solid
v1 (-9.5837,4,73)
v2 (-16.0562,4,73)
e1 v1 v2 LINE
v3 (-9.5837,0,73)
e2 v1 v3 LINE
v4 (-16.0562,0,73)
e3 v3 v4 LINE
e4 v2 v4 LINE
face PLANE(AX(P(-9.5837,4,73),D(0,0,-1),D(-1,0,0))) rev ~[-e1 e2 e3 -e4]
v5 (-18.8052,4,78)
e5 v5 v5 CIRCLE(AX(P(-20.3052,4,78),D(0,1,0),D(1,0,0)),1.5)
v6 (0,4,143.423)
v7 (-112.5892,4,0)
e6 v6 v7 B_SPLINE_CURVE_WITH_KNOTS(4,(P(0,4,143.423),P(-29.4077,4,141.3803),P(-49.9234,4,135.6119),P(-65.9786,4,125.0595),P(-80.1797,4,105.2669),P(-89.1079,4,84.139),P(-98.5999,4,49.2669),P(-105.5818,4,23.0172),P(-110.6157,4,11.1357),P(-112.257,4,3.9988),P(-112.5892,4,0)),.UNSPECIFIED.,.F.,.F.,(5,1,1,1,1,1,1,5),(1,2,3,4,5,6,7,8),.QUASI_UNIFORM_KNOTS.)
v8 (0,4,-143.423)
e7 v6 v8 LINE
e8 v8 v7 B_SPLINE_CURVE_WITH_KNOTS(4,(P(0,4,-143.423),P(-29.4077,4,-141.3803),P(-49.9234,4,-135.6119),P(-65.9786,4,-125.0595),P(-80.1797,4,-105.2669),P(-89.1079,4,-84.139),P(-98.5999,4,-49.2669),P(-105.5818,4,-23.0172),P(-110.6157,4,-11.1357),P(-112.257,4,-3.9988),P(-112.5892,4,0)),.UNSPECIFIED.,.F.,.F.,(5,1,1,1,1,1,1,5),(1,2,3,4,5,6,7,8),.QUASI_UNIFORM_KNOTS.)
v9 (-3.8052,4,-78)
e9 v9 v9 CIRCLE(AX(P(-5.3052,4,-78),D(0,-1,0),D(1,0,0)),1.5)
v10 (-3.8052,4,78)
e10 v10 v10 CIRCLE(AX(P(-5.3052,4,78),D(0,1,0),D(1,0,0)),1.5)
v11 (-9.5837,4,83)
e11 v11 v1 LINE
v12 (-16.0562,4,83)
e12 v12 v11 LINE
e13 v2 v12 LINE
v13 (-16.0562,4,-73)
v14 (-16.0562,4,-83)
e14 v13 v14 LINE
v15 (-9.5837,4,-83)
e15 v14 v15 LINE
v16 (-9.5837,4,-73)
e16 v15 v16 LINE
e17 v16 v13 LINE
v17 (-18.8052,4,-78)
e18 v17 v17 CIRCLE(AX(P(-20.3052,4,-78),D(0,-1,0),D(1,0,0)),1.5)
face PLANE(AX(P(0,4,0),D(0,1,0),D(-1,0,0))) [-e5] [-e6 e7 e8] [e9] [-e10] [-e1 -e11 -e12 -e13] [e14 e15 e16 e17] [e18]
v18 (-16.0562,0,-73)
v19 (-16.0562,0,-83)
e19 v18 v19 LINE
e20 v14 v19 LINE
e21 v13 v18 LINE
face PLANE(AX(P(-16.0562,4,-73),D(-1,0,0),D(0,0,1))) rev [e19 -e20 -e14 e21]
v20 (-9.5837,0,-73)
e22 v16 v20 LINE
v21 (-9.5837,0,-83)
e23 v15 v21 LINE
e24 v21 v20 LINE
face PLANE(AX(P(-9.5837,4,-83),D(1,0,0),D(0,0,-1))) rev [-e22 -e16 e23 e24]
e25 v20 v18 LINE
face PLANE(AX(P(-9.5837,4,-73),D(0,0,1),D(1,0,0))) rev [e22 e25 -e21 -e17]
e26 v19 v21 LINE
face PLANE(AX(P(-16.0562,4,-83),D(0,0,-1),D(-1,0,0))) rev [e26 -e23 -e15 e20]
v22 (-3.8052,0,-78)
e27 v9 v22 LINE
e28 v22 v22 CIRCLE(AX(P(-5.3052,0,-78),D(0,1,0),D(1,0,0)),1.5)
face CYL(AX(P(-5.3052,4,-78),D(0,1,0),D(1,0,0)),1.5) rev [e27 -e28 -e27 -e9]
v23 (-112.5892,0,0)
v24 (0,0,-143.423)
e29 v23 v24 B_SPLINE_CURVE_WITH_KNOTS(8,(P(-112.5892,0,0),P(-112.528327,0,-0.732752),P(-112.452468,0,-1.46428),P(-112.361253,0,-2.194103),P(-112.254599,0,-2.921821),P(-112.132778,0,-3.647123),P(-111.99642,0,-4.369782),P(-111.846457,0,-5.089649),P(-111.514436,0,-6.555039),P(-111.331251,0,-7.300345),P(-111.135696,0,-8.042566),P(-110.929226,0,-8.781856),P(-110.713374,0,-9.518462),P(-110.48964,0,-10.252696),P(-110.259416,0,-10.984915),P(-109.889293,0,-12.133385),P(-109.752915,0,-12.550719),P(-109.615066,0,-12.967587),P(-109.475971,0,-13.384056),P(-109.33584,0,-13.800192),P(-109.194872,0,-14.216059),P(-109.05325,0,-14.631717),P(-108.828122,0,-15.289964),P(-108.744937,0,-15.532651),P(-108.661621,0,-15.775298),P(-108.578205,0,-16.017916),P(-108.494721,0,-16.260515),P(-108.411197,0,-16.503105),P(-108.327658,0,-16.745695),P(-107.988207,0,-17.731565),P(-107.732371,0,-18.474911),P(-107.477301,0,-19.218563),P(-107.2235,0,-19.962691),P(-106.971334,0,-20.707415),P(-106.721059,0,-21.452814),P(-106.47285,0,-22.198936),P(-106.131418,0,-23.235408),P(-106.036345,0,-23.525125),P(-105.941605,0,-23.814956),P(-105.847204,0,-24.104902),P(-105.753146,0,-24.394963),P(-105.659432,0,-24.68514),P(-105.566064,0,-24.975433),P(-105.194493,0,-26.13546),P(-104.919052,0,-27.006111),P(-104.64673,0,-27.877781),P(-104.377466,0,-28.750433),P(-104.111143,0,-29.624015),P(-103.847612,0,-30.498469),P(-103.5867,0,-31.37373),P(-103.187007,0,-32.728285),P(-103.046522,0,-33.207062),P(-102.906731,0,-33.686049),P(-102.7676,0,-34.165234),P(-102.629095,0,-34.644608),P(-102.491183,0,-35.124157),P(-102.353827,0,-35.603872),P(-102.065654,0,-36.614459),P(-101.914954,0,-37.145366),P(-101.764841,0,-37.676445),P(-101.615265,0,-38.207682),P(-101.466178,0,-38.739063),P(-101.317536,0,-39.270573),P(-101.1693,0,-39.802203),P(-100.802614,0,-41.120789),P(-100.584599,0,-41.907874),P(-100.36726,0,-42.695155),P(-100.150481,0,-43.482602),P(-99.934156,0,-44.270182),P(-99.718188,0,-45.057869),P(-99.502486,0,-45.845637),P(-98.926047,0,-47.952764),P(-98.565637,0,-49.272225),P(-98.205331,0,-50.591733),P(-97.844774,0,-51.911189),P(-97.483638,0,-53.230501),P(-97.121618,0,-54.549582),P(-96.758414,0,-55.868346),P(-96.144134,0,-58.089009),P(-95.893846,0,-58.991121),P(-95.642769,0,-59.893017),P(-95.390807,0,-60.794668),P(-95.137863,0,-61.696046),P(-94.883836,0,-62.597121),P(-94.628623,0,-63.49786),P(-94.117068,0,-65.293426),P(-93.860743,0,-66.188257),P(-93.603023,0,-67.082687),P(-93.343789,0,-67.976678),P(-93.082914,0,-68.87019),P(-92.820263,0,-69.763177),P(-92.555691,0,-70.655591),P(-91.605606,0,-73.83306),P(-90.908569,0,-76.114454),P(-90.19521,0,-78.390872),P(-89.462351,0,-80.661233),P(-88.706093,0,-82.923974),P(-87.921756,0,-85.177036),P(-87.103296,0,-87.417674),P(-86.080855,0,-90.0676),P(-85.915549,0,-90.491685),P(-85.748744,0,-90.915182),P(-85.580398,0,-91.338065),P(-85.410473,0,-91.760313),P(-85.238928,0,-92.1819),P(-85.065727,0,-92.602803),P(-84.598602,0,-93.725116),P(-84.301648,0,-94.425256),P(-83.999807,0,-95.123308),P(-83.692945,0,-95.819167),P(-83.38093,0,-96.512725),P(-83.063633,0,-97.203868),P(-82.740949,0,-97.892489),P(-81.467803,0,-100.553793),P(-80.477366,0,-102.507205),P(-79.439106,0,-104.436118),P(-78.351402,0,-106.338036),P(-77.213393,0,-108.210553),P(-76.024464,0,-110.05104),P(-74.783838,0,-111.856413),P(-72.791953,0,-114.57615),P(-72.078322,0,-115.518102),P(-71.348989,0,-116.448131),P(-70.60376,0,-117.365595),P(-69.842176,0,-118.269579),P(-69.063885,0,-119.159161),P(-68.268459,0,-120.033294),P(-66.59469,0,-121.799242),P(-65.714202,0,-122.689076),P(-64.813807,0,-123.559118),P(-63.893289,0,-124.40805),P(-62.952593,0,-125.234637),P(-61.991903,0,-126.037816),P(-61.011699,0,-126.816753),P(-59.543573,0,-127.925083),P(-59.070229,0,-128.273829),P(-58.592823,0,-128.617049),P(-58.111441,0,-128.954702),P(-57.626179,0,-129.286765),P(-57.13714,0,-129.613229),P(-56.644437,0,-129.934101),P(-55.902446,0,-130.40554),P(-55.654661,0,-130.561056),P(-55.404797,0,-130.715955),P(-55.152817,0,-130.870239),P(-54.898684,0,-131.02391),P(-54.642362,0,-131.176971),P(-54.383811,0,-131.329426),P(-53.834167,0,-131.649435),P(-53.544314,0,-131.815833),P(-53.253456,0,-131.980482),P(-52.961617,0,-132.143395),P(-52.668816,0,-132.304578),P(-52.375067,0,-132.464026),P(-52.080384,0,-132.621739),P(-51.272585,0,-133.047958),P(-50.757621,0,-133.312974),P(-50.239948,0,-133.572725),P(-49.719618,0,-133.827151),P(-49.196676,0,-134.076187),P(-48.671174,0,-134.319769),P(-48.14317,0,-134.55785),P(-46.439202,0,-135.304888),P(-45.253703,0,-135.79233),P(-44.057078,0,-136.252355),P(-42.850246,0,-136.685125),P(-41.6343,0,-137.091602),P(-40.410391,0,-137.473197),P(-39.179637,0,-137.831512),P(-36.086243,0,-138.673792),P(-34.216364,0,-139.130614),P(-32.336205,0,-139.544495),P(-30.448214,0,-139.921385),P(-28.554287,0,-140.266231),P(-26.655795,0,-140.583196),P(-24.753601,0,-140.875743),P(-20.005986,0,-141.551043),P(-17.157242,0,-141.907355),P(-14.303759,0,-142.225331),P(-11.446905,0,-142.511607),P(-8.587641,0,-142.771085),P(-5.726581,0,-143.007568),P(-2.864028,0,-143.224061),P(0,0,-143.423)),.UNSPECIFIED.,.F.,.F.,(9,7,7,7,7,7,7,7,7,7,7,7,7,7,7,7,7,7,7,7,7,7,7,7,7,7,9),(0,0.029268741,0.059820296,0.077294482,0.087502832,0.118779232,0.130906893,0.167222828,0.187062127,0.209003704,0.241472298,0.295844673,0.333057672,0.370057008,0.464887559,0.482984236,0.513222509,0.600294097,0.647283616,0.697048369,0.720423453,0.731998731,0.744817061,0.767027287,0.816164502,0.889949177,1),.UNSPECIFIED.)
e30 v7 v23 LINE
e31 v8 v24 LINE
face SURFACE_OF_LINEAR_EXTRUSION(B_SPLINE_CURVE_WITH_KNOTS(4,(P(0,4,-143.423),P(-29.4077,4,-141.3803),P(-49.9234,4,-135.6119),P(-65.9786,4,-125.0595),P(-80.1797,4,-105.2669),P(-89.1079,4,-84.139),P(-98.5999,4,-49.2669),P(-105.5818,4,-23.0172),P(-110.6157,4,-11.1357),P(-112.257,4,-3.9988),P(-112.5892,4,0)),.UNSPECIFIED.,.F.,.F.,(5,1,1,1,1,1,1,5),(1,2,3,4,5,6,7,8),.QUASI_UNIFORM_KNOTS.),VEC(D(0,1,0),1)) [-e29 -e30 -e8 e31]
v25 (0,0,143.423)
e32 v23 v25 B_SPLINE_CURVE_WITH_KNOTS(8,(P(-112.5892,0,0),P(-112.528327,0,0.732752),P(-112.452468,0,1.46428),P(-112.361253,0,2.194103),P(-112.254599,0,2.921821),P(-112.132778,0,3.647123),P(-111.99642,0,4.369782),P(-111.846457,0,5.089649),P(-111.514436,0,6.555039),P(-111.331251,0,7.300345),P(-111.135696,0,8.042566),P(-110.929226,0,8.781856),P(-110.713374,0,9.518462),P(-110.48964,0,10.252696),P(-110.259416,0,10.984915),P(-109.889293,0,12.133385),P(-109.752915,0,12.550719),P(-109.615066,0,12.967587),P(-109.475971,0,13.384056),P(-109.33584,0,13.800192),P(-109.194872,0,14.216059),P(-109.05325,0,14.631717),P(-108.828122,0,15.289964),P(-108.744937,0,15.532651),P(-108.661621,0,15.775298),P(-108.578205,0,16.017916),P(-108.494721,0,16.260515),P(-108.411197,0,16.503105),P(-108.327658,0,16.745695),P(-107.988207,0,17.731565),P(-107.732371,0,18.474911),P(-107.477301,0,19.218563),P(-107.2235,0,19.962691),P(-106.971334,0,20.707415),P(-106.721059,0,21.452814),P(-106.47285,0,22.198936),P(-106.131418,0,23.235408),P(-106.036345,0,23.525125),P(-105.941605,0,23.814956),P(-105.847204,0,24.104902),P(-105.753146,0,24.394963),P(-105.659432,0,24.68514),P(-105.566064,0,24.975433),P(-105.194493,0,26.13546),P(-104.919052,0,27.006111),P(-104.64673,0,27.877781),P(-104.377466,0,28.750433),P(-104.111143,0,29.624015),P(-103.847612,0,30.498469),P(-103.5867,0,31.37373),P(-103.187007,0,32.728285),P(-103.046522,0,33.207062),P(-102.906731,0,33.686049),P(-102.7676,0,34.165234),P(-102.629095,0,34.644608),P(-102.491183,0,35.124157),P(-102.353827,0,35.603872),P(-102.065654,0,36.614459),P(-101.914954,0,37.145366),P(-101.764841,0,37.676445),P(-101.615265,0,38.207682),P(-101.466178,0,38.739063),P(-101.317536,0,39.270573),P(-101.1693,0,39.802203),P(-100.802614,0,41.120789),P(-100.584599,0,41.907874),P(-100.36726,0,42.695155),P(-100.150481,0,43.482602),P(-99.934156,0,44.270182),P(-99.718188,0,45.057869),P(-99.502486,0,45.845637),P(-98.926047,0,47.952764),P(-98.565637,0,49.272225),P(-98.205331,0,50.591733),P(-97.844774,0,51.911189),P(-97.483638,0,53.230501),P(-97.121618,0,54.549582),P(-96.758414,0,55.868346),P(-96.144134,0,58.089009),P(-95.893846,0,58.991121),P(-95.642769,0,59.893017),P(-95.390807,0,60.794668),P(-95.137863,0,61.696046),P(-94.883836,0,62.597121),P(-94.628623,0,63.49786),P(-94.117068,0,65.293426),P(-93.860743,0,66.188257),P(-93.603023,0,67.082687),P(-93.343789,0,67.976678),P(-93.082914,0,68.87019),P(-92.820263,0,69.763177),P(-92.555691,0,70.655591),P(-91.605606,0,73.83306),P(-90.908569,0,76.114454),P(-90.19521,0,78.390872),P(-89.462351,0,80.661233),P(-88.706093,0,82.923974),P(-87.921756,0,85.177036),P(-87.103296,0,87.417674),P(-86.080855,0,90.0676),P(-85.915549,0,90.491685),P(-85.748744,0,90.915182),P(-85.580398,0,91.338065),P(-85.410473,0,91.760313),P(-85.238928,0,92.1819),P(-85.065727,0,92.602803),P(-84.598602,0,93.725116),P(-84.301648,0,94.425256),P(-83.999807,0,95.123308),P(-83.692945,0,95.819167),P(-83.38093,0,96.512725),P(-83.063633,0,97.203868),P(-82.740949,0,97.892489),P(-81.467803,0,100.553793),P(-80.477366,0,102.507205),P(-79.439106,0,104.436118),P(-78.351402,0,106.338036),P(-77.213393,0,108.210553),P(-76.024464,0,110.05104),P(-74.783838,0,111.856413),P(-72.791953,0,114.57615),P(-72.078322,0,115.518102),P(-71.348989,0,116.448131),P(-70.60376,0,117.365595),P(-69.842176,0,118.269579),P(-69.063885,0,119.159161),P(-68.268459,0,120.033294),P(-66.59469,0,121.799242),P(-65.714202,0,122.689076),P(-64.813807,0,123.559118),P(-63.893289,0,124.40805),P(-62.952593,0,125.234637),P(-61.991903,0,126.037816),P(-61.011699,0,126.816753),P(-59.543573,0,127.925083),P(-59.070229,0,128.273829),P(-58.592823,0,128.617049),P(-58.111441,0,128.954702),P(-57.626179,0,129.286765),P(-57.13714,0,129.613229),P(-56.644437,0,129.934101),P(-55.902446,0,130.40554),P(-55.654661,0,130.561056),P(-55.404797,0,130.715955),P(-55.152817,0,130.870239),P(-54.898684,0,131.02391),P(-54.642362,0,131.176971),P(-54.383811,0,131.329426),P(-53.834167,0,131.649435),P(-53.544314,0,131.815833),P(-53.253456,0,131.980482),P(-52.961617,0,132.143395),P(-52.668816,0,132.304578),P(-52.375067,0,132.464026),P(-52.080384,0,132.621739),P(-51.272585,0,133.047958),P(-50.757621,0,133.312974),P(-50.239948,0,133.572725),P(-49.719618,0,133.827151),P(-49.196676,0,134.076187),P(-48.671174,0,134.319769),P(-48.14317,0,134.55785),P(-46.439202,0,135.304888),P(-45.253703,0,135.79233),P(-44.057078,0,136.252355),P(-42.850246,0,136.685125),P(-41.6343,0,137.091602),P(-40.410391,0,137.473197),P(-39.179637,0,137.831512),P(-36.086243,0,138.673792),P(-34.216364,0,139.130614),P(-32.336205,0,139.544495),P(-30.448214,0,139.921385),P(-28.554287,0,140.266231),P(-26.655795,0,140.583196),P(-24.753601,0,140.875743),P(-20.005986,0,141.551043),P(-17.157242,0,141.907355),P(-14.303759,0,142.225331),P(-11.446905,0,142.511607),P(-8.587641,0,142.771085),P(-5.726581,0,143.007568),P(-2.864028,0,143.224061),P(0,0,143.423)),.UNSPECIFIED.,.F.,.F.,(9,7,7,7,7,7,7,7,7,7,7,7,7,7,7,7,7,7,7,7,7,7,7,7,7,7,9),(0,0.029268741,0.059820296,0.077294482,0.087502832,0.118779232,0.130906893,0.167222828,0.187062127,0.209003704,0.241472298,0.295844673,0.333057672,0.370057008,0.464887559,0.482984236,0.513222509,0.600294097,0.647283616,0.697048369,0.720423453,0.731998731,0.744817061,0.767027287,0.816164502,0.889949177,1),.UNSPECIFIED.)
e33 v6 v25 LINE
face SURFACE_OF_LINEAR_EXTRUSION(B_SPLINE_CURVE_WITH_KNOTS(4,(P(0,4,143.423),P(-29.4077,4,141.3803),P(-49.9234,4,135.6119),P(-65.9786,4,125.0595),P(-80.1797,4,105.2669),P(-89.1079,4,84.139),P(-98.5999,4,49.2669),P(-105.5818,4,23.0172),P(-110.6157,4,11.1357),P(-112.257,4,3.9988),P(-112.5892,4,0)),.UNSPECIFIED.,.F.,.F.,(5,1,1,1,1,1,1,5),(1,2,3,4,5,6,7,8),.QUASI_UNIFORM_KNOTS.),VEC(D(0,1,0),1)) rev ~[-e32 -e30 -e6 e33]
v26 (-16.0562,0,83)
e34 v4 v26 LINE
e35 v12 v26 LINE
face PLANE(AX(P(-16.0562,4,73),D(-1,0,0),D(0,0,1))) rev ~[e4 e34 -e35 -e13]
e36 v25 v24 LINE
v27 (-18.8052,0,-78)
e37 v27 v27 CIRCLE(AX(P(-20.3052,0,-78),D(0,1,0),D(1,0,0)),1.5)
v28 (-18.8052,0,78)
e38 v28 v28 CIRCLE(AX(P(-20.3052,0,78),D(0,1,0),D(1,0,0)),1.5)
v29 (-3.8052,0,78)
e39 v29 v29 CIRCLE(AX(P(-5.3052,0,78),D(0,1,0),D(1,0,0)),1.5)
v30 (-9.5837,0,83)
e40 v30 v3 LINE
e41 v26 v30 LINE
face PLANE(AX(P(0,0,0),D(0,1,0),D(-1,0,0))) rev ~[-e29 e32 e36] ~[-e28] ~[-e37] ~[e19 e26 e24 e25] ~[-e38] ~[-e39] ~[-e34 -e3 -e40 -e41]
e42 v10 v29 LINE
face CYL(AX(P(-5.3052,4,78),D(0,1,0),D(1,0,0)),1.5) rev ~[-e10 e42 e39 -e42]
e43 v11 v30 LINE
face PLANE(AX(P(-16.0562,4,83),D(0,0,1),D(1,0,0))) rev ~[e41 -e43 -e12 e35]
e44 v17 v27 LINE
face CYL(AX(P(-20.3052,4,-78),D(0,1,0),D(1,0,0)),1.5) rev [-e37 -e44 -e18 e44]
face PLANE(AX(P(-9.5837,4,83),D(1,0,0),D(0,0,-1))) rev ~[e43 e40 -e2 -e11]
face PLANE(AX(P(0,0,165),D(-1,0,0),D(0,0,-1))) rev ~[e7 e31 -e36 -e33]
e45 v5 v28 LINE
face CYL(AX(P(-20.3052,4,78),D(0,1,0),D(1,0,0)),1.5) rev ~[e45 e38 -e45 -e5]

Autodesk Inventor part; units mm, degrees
sketch "Эскиз1" plane through (0, 0, 0) normal (0, 1, 0) x (-1, 0, 0)
  circle A0 centre (0, 0) radius 165
  line L0 (0, 165) -> (0, -165)
  dimension "d0" = 330
extrude "Выдавливание1" add sketch "Эскиз1" along normal blind 4 contours A0 L0 picked at (44.4959, 32.3282)
sketch "Эскиз2" plane through (0, 4, 0) normal (0, 1, 0) x (1, 0, 0)
  line L0 (0, 0) -> (-113.4659, 0)
  line L1 (0, -165) -> (0, 165) projected
  line L2 (0, -143.423) -> (-29.4077, -141.3803) construction
  line L3 (-29.4077, -141.3803) -> (-49.9234, -135.6119) construction
  line L4 (-49.9234, -135.6119) -> (-65.9786, -125.0595) construction
  line L5 (-65.9786, -125.0595) -> (-80.1797, -105.2669) construction
  line L6 (-80.1797, -105.2669) -> (-89.1079, -84.139) construction
  line L7 (-89.1079, -84.139) -> (-98.5999, -49.2669) construction
  line L8 (-98.5999, -49.2669) -> (-105.5818, -23.0172) construction
  line L9 (-105.5818, -23.0172) -> (-110.6157, -11.1357) construction
  line L10 (-110.6157, -11.1357) -> (-112.257, -3.9988) construction
  line L11 (-112.257, -3.9988) -> (-112.5892, 0) construction
  spline S0 degree 4 poles (0, -143.423) (-29.4077, -141.3803) (-49.9234, -135.6119) (-65.9786, -125.0595) (-80.1797, -105.2669) (-89.1079, -84.139) (-98.5999, -49.2669) (-105.5818, -23.0172) (-110.6157, -11.1357) (-112.257, -3.9988) (-112.5892, 0) knots 1 1 1 1 1 2 3 4 5 6 7 8 8 8 8 8
  line L12 (0, 143.423) -> (-29.4077, 141.3803) construction
  line L13 (-29.4077, 141.3803) -> (-49.9234, 135.6119) construction
  line L14 (-49.9234, 135.6119) -> (-65.9786, 125.0595) construction
  line L15 (-65.9786, 125.0595) -> (-80.1797, 105.2669) construction
  line L16 (-80.1797, 105.2669) -> (-89.1079, 84.139) construction
  line L17 (-89.1079, 84.139) -> (-98.5999, 49.2669) construction
  line L18 (-98.5999, 49.2669) -> (-105.5818, 23.0172) construction
  line L19 (-105.5818, 23.0172) -> (-110.6157, 11.1357) construction
  line L20 (-110.6157, 11.1357) -> (-112.257, 3.9988) construction
  line L21 (-112.257, 3.9988) -> (-112.5892, 0) construction
  spline S1 degree 4 poles (0, 143.423) (-29.4077, 141.3803) (-49.9234, 135.6119) (-65.9786, 125.0595) (-80.1797, 105.2669) (-89.1079, 84.139) (-98.5999, 49.2669) (-105.5818, 23.0172) (-110.6157, 11.1357) (-112.257, 3.9988) (-112.5892, 0) knots 1 1 1 1 1 2 3 4 5 6 7 8 8 8 8 8
  arc A0 (0, 165) -> (0, -165) centre (0, 0) ccw projected
extrude "Выдавливание2" cut sketch "Эскиз2" against normal through all contours S0 L1 A0 S1
sketch "Эскиз6" plane through (0, 4, 0) normal (0, 1, 0) x (1, 0, 0)
  circle A0 centre (-5.3052, -78) radius 1.5 projected
  circle A1 centre (-20.3052, -78) radius 1.5 projected
  line L0 (-16.0562, -73) -> (-16.0562, -83) projected
  line L1 (-9.5837, -73) -> (-16.0562, -73) projected
  line L2 (-9.5837, -83) -> (-9.5837, -73) projected
  line L3 (-16.0562, -83) -> (-9.5837, -83) projected
  point P0 (0, 0)
extrude "Выдавливание6" cut sketch "Эскиз6" against normal through all
mirror "Зеркальное отражение2" about plane through (0, 0, 0) normal (0, 0, 1) of "Выдавливание6"
properties part number "платформа_глаза"
